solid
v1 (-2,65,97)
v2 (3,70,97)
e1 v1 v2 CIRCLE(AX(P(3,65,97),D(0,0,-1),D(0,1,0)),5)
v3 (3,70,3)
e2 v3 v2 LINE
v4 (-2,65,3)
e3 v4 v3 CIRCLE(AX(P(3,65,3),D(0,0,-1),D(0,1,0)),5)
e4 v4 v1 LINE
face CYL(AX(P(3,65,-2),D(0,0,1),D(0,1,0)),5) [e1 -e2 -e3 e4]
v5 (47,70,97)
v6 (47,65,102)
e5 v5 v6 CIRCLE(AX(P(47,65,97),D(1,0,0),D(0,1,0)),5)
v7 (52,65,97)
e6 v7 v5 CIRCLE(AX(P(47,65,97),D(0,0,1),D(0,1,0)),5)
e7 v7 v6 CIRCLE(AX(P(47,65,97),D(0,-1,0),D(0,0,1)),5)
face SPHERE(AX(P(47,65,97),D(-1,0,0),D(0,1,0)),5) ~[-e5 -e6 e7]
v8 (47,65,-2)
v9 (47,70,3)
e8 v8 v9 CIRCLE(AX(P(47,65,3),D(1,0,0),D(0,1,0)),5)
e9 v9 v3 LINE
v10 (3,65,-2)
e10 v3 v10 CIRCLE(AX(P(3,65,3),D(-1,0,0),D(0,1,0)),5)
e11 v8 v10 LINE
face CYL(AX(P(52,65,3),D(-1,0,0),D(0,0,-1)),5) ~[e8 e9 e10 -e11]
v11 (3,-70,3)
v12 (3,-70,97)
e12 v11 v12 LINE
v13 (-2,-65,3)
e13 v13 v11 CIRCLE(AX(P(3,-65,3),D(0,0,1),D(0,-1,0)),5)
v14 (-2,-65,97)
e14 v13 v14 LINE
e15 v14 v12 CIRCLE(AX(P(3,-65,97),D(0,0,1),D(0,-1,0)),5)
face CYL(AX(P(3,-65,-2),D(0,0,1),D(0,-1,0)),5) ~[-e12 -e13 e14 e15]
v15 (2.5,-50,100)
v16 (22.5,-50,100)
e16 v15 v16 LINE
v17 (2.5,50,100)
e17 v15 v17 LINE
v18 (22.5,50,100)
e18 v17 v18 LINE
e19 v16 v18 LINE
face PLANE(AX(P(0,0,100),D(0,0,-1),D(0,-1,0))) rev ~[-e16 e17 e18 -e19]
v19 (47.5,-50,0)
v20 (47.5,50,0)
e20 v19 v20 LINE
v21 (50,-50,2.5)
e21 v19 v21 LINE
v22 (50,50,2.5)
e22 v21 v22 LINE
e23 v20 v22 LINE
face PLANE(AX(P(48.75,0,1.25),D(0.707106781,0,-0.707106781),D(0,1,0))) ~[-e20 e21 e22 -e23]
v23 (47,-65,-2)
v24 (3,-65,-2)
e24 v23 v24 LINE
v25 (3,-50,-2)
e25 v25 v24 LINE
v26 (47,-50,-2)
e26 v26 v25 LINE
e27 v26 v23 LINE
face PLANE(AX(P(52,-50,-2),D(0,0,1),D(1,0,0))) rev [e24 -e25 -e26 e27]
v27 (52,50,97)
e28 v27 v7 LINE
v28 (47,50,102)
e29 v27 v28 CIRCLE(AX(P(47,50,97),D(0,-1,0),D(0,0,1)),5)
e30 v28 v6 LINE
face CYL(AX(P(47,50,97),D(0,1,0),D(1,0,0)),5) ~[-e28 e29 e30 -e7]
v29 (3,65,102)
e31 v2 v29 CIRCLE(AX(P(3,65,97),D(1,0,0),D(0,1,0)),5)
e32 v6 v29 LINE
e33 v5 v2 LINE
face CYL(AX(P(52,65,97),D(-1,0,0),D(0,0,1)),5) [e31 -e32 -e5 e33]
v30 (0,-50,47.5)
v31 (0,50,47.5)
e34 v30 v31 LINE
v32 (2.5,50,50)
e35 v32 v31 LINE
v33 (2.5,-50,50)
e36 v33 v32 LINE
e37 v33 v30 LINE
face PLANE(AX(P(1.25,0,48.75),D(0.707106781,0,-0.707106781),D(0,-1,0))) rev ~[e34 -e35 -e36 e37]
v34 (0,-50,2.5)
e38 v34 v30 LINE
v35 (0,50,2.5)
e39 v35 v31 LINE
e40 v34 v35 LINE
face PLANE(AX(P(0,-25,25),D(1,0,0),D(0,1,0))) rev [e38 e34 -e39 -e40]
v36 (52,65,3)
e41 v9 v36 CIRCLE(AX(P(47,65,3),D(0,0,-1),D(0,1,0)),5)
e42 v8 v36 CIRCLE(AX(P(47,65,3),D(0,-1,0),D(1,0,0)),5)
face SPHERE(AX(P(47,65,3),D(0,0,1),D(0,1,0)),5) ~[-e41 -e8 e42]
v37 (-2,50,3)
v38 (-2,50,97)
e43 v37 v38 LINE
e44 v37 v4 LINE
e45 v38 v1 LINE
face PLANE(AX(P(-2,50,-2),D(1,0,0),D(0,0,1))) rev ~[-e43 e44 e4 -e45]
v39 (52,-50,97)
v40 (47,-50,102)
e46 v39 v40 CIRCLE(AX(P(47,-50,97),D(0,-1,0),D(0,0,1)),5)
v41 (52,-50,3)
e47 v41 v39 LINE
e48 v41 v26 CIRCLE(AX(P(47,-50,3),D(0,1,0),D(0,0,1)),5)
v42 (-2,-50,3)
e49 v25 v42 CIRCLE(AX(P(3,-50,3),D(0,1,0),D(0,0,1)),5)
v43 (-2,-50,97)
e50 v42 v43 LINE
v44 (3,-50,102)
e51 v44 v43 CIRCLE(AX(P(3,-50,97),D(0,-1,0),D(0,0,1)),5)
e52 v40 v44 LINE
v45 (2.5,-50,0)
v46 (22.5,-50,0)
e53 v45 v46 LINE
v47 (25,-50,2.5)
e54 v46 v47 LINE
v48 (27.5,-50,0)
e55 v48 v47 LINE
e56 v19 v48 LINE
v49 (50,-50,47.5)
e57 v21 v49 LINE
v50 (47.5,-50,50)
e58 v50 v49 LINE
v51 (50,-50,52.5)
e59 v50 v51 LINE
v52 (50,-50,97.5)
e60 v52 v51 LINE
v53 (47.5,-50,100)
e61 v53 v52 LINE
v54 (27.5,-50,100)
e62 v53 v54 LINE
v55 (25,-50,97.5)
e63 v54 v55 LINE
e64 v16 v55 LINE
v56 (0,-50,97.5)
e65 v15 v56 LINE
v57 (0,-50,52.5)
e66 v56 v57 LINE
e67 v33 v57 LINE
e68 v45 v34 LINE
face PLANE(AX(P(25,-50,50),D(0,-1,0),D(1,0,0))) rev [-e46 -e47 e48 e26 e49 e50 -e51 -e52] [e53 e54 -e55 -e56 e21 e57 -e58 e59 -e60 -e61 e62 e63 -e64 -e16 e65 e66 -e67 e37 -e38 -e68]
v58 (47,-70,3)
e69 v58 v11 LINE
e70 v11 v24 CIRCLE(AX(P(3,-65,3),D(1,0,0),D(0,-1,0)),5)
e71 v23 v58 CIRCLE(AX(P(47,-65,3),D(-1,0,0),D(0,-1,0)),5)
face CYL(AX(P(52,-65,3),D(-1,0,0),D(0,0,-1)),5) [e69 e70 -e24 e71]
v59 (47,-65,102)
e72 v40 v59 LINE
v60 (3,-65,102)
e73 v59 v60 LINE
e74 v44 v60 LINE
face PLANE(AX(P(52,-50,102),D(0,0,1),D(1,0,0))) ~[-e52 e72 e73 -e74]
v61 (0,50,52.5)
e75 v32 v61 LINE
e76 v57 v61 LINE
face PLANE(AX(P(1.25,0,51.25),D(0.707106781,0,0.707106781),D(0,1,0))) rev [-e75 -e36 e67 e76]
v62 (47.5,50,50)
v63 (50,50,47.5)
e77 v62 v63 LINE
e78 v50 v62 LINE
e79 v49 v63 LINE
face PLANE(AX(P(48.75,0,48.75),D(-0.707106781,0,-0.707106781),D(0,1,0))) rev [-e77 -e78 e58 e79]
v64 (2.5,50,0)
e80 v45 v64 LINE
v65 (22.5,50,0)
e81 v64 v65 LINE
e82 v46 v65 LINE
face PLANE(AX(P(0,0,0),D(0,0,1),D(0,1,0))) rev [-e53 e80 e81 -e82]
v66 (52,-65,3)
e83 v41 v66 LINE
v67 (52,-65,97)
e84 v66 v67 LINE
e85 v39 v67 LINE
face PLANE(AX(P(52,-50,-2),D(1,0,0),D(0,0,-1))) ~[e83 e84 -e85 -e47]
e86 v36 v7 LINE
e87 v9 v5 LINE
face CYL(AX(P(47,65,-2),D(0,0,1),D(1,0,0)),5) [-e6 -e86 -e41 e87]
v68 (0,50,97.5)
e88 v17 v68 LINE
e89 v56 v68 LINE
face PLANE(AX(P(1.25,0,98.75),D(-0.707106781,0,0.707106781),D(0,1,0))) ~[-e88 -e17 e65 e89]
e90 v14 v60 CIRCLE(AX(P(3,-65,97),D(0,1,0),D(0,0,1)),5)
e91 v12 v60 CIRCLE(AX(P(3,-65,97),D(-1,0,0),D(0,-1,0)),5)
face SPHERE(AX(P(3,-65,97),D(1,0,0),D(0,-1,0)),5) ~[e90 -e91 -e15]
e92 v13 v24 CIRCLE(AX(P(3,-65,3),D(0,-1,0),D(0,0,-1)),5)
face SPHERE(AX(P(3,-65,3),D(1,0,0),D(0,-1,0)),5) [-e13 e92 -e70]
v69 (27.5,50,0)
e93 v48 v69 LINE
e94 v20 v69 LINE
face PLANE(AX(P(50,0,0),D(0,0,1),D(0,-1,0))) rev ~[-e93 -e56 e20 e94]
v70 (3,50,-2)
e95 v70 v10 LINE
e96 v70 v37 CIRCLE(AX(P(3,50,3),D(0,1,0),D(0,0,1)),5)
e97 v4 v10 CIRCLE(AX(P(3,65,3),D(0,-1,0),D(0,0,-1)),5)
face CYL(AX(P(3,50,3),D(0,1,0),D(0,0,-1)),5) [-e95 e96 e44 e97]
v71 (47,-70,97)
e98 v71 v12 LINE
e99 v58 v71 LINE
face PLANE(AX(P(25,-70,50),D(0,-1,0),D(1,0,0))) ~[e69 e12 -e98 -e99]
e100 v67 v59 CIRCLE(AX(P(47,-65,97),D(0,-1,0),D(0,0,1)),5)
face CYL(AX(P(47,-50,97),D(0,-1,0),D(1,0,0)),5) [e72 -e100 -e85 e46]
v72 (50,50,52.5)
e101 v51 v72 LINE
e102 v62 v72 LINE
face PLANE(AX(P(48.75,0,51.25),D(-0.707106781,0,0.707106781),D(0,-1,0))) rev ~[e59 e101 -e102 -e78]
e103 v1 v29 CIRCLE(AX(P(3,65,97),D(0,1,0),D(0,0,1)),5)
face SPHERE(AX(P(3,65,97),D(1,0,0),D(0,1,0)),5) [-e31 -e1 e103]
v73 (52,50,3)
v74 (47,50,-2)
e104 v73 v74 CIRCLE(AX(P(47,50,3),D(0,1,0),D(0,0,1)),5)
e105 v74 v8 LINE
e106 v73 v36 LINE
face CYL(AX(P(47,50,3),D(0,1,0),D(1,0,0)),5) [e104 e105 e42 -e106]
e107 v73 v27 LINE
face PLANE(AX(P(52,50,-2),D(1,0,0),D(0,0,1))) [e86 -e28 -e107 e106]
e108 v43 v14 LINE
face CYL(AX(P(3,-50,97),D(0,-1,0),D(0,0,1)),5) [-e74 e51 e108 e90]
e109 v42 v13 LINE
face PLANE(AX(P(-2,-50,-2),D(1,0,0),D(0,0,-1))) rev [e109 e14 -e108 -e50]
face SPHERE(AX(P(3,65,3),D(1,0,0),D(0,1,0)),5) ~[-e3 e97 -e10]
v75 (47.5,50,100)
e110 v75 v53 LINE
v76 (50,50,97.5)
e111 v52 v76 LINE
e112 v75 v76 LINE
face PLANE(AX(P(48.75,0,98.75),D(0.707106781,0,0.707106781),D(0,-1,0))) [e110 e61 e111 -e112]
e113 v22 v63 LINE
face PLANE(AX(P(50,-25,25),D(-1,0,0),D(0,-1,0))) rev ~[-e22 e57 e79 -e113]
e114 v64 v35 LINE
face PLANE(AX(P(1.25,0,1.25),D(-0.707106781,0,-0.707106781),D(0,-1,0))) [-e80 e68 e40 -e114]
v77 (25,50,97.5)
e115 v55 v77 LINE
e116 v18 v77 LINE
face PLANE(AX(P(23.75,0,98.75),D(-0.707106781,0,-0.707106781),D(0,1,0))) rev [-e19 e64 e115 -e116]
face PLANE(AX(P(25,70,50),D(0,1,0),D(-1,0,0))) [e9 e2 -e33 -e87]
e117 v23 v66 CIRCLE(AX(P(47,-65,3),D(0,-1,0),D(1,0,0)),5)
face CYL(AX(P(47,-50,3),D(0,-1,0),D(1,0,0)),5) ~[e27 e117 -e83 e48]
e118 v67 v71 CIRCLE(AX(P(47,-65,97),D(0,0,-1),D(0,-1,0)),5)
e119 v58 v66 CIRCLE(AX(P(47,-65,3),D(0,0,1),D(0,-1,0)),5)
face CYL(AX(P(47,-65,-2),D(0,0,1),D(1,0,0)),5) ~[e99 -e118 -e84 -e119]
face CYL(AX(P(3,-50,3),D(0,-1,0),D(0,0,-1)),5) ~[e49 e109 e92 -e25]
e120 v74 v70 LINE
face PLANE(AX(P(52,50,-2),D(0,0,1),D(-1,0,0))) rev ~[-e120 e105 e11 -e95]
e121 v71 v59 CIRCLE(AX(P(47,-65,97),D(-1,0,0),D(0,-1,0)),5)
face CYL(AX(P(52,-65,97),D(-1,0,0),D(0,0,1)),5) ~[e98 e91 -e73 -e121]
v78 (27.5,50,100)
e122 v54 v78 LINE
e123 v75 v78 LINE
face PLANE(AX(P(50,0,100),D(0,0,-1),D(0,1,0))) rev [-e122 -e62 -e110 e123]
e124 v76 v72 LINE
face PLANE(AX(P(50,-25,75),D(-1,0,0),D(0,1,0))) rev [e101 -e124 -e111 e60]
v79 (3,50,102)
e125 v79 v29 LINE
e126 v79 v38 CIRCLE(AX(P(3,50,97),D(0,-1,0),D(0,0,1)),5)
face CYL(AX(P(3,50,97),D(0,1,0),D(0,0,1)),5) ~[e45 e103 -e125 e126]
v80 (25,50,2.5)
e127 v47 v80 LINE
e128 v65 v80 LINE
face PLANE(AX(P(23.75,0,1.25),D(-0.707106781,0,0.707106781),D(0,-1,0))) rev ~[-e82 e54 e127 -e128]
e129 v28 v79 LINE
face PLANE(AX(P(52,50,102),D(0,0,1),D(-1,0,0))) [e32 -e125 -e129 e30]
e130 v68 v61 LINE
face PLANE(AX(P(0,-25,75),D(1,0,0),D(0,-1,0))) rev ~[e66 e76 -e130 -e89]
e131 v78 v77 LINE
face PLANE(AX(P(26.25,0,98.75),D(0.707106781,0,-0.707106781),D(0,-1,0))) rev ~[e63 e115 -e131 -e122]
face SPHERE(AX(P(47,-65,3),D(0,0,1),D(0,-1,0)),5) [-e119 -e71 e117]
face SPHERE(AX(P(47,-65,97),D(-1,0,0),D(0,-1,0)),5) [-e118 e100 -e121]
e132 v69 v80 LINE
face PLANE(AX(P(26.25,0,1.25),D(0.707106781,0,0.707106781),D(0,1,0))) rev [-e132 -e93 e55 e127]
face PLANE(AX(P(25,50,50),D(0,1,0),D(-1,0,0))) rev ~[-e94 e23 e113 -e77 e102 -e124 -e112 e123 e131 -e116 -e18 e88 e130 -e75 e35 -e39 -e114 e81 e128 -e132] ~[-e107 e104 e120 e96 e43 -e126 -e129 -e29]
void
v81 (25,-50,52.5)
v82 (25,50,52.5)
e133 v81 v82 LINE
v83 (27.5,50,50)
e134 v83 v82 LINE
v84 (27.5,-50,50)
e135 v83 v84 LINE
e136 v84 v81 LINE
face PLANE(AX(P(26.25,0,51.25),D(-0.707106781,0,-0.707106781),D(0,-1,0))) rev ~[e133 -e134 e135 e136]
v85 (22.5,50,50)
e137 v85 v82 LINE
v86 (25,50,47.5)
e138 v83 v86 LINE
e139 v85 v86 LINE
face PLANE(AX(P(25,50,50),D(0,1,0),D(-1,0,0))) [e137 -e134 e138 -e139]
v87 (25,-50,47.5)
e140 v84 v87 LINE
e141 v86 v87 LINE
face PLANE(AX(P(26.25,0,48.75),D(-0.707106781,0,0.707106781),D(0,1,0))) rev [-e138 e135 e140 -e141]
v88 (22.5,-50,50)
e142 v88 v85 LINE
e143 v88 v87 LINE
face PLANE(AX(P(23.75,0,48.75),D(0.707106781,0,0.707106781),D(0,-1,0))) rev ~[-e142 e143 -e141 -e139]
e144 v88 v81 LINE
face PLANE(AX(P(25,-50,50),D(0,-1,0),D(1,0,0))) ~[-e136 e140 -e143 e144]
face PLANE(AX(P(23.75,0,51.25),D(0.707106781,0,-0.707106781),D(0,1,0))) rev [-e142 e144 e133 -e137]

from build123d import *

# Parameters (mm, degrees)
F0_W     = 50
F0_H     = 50
F1_DEPTH = 25
F2_SIZE  = 2.5
F5_W     = 54
F5_H     = 104
F6_DEPTH = 20
F7_R     = 5


with BuildPart() as f1:
    # F0 (on Right) → F1 (new body)
    with BuildSketch(Plane.YZ):
        with Locations((25, 25)):
            Rectangle(F0_W, F0_H)
    extrude(amount=F1_DEPTH)

    # F2
    f2_edges = [f1.edges().sort_by_distance(p)[0] for p in [
        (25, 25, 50),
        (0, 25, 50),
        (25, 25, 0),
        (0, 25, 0),
    ]]
    chamfer(f2_edges, length=F2_SIZE)

    # F3: F1 across face


with BuildPart() as f1_1:
    add(f1.part)
    add(f1.part.mirror(Plane(origin=(12.5, 25, 50), x_dir=(1, 0, 0), z_dir=(0, 0, 1))))

    # F4: F1 across face


with BuildPart() as f1_2:
    add(f1_1.part)
    add(f1_1.part.mirror(Plane(origin=(25, 25, 25), x_dir=(0, 1, 0), z_dir=(1, 0, 0))))

    # F5 (on face) → F6 (join)
    with BuildSketch(Plane(origin=(0, 50, 0), x_dir=(-1, 0, 0), z_dir=(0, 1, 0))):
        with Locations((-25, 50)):
            Rectangle(F5_W, F5_H)
    extrude(amount=F6_DEPTH)

    # F7
    f7_edges = [f1_2.edges().sort_by_distance(p)[0] for p in [
        (25, 70, 102),
        (52, 70, 50),
        (25, 70, -2),
        (-2, 70, 50),
        (-2, 60, -2),
        (-2, 60, 102),
        (52, 60, 102),
        (52, 60, -2),
    ]]
    fillet(f7_edges, radius=F7_R)

    # F8: F1 across face


with BuildPart() as f1_3:
    add(f1_2.part)
    add(f1_2.part.mirror(Plane(origin=(25, 0, 50), x_dir=(1, 0, 0), z_dir=(0, -1, 0))))


solid = f1_3.part
